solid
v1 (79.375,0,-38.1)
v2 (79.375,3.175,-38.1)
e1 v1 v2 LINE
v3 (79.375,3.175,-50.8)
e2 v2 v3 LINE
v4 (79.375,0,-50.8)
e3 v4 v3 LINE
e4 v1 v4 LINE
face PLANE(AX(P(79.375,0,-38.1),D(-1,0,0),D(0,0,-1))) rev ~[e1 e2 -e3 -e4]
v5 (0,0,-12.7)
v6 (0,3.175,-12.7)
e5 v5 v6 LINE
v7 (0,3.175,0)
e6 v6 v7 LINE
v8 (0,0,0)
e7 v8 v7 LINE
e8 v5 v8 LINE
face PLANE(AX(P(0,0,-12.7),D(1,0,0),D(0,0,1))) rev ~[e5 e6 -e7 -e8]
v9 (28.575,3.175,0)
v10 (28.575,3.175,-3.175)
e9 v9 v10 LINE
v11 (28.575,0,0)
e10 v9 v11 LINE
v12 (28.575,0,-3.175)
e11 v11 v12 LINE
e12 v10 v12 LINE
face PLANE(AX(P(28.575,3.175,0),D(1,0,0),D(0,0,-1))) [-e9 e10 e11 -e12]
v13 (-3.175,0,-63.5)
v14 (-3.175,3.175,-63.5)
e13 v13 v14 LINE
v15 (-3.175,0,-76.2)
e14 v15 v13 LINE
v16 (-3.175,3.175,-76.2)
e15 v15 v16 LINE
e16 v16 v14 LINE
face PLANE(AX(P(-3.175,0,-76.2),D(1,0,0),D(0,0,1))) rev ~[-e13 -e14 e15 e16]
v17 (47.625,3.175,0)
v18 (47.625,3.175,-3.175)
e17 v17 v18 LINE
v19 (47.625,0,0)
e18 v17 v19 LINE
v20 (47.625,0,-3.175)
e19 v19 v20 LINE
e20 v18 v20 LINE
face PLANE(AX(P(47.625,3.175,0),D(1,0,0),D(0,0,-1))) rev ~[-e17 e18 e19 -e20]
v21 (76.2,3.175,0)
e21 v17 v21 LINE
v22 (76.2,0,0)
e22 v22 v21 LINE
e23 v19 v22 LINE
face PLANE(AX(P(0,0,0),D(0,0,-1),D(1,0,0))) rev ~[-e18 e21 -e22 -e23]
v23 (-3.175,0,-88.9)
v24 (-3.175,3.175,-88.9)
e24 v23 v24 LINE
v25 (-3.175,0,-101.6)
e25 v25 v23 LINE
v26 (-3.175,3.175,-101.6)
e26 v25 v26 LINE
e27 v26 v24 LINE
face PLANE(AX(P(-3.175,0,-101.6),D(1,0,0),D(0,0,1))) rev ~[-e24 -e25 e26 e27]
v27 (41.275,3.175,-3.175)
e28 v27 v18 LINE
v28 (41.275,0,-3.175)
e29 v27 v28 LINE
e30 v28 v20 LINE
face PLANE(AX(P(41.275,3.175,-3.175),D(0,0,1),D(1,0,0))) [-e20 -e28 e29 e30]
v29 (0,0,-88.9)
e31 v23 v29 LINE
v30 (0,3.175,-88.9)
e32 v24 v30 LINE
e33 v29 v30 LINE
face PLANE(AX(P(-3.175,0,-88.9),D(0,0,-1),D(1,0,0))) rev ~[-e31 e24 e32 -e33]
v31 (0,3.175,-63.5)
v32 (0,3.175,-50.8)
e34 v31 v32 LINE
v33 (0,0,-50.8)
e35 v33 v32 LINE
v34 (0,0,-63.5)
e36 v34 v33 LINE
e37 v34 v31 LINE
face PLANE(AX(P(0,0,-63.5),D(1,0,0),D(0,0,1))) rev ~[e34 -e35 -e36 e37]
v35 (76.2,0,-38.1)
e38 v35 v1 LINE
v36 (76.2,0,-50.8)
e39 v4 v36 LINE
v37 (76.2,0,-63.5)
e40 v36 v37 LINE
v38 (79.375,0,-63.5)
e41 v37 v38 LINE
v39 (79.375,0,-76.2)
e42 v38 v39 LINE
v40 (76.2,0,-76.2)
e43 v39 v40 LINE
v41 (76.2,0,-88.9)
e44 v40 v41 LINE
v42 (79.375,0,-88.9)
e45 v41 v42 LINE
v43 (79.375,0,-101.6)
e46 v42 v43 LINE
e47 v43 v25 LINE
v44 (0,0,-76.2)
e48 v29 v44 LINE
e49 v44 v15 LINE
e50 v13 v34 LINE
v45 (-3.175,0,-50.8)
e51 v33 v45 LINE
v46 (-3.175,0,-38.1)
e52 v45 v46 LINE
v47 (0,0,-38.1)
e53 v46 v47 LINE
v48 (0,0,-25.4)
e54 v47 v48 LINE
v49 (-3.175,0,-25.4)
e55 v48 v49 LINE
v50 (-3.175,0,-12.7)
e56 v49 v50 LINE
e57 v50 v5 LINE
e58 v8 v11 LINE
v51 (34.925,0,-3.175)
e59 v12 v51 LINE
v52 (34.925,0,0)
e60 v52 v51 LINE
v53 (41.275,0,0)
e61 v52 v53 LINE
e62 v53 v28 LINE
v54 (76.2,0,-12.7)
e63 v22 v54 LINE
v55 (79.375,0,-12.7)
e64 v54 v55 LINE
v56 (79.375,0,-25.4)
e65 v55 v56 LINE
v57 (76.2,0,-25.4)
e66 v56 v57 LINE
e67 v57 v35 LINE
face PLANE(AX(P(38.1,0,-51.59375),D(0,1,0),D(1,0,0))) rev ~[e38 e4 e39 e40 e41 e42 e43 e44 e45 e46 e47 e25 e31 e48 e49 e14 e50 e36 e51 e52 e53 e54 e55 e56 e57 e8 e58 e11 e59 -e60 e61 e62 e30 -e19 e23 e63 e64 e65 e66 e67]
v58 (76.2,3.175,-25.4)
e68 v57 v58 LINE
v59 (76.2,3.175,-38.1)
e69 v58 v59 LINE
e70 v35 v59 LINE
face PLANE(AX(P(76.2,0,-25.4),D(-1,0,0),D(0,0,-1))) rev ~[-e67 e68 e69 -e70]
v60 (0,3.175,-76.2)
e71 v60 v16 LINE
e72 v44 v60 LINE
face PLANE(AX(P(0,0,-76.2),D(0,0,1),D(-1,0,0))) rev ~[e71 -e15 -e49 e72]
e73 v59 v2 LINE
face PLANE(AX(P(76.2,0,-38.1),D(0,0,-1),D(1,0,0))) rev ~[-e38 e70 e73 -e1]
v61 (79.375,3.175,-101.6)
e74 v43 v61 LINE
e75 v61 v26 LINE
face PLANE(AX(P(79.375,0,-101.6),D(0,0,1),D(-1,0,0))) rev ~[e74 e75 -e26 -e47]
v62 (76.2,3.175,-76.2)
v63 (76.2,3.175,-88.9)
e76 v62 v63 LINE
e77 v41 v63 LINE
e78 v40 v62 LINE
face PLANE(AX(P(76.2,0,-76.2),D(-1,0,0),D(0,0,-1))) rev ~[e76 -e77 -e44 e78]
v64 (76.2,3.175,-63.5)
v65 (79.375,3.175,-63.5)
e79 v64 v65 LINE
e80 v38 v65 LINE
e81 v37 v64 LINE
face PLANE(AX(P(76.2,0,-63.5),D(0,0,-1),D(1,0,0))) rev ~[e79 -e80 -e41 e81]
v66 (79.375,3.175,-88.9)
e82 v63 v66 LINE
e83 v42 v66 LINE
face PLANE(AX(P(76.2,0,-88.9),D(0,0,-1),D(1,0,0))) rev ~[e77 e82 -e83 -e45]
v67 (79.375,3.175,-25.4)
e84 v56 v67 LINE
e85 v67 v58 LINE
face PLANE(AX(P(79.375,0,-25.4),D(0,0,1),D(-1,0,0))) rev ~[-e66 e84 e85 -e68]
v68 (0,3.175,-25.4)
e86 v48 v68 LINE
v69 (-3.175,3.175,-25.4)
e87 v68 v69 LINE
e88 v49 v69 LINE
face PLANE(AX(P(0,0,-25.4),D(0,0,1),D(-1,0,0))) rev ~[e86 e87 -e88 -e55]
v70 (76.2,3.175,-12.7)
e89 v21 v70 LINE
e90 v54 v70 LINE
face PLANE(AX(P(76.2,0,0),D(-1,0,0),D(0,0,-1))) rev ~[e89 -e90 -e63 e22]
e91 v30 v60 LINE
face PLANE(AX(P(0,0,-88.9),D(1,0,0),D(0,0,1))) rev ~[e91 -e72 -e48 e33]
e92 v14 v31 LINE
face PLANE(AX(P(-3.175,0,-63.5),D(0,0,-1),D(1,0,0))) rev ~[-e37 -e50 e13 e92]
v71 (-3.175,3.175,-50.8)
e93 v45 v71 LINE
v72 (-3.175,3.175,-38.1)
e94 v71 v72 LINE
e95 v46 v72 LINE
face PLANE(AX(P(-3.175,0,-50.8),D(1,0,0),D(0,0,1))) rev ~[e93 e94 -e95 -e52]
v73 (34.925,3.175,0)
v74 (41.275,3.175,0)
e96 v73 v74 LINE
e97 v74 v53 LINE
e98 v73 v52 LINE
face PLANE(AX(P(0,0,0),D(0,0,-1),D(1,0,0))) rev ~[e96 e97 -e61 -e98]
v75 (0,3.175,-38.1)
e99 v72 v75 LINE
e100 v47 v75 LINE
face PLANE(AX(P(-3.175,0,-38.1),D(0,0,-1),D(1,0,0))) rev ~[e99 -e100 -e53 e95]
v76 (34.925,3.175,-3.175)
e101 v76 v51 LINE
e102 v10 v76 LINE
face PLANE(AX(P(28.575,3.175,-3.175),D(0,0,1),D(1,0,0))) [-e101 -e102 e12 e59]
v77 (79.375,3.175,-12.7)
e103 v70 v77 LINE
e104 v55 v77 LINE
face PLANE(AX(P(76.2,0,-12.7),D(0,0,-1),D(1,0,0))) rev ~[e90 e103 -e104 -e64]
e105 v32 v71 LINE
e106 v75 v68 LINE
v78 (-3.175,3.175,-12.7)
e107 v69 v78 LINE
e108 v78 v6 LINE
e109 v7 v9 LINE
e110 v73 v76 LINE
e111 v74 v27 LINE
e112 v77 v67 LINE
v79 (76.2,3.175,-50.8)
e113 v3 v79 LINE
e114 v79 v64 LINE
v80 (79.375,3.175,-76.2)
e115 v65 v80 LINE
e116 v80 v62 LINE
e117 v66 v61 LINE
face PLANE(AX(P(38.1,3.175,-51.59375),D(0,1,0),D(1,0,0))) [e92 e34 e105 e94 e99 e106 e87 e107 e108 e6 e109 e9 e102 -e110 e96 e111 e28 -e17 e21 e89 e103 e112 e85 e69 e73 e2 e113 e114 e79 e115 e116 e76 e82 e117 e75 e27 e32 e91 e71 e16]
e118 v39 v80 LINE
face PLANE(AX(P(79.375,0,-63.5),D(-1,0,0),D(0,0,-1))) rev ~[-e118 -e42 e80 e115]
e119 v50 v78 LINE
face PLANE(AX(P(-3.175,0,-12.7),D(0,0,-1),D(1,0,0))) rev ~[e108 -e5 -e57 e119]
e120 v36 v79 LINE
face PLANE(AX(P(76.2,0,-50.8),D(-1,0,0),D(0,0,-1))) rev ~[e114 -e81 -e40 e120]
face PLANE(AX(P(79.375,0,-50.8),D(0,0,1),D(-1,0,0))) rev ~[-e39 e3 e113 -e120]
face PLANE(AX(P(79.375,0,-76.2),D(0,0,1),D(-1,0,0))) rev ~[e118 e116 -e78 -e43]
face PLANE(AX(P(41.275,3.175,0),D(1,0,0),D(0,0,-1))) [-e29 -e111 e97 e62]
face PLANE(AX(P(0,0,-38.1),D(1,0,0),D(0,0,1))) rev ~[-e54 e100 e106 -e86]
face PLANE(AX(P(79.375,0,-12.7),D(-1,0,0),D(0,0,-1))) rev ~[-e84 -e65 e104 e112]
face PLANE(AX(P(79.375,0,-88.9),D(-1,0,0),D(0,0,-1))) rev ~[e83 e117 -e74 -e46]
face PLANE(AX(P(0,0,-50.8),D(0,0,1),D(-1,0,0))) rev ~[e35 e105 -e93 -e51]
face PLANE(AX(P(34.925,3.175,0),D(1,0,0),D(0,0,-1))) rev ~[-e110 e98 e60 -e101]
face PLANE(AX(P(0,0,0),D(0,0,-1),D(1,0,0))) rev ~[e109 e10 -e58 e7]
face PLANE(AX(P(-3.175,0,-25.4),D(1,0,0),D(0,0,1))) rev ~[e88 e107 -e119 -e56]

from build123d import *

# Parameters (mm, degrees)
BOSS_EXTRUDE1_DEPTH = 3.175
SKETCH2_W           = 6.35
SKETCH2_H           = 3.175
CUT_EXTRUDE1_DEPTH  = 4.175


with BuildPart() as part:
    # Sketch1 → Boss-Extrude1 (new body)
    with BuildSketch(Plane(origin=(0, 0, 0), x_dir=(1, 0, 0), z_dir=(0, 1, 0))):
        Polygon((0, 0), (76.2, 0), (76.2, 12.7), (79.375, 12.7), (79.375, 25.4), (76.2, 25.4), (76.2, 38.1), (79.375, 38.1), (79.375, 50.8), (76.2, 50.8), (76.2, 63.5), (79.375, 63.5), (79.375, 76.2), (76.2, 76.2), (76.2, 88.9), (79.375, 88.9), (79.375, 101.6), (-3.175, 101.6), (-3.175, 88.9), (0, 88.9), (0, 76.2), (-3.175, 76.2), (-3.175, 63.5), (0, 63.5), (0, 50.8), (-3.175, 50.8), (-3.175, 38.1), (0, 38.1), (0, 25.4), (-3.175, 25.4), (-3.175, 12.7), (0, 12.7), align=None)
    extrude(amount=BOSS_EXTRUDE1_DEPTH)

    # Sketch2 → Cut-Extrude1 (cut, through all)
    with BuildSketch(Plane(origin=(0, 3.175, 0), x_dir=(1, 0, 0), z_dir=(0, 1, 0))):
        with Locations((44.45, 1.5875)):
            Rectangle(SKETCH2_W, SKETCH2_H)
        with Locations((31.75, 1.5875)):
            Rectangle(SKETCH2_W, SKETCH2_H)
    extrude(amount=-CUT_EXTRUDE1_DEPTH, mode=Mode.SUBTRACT)


solid = part.part
